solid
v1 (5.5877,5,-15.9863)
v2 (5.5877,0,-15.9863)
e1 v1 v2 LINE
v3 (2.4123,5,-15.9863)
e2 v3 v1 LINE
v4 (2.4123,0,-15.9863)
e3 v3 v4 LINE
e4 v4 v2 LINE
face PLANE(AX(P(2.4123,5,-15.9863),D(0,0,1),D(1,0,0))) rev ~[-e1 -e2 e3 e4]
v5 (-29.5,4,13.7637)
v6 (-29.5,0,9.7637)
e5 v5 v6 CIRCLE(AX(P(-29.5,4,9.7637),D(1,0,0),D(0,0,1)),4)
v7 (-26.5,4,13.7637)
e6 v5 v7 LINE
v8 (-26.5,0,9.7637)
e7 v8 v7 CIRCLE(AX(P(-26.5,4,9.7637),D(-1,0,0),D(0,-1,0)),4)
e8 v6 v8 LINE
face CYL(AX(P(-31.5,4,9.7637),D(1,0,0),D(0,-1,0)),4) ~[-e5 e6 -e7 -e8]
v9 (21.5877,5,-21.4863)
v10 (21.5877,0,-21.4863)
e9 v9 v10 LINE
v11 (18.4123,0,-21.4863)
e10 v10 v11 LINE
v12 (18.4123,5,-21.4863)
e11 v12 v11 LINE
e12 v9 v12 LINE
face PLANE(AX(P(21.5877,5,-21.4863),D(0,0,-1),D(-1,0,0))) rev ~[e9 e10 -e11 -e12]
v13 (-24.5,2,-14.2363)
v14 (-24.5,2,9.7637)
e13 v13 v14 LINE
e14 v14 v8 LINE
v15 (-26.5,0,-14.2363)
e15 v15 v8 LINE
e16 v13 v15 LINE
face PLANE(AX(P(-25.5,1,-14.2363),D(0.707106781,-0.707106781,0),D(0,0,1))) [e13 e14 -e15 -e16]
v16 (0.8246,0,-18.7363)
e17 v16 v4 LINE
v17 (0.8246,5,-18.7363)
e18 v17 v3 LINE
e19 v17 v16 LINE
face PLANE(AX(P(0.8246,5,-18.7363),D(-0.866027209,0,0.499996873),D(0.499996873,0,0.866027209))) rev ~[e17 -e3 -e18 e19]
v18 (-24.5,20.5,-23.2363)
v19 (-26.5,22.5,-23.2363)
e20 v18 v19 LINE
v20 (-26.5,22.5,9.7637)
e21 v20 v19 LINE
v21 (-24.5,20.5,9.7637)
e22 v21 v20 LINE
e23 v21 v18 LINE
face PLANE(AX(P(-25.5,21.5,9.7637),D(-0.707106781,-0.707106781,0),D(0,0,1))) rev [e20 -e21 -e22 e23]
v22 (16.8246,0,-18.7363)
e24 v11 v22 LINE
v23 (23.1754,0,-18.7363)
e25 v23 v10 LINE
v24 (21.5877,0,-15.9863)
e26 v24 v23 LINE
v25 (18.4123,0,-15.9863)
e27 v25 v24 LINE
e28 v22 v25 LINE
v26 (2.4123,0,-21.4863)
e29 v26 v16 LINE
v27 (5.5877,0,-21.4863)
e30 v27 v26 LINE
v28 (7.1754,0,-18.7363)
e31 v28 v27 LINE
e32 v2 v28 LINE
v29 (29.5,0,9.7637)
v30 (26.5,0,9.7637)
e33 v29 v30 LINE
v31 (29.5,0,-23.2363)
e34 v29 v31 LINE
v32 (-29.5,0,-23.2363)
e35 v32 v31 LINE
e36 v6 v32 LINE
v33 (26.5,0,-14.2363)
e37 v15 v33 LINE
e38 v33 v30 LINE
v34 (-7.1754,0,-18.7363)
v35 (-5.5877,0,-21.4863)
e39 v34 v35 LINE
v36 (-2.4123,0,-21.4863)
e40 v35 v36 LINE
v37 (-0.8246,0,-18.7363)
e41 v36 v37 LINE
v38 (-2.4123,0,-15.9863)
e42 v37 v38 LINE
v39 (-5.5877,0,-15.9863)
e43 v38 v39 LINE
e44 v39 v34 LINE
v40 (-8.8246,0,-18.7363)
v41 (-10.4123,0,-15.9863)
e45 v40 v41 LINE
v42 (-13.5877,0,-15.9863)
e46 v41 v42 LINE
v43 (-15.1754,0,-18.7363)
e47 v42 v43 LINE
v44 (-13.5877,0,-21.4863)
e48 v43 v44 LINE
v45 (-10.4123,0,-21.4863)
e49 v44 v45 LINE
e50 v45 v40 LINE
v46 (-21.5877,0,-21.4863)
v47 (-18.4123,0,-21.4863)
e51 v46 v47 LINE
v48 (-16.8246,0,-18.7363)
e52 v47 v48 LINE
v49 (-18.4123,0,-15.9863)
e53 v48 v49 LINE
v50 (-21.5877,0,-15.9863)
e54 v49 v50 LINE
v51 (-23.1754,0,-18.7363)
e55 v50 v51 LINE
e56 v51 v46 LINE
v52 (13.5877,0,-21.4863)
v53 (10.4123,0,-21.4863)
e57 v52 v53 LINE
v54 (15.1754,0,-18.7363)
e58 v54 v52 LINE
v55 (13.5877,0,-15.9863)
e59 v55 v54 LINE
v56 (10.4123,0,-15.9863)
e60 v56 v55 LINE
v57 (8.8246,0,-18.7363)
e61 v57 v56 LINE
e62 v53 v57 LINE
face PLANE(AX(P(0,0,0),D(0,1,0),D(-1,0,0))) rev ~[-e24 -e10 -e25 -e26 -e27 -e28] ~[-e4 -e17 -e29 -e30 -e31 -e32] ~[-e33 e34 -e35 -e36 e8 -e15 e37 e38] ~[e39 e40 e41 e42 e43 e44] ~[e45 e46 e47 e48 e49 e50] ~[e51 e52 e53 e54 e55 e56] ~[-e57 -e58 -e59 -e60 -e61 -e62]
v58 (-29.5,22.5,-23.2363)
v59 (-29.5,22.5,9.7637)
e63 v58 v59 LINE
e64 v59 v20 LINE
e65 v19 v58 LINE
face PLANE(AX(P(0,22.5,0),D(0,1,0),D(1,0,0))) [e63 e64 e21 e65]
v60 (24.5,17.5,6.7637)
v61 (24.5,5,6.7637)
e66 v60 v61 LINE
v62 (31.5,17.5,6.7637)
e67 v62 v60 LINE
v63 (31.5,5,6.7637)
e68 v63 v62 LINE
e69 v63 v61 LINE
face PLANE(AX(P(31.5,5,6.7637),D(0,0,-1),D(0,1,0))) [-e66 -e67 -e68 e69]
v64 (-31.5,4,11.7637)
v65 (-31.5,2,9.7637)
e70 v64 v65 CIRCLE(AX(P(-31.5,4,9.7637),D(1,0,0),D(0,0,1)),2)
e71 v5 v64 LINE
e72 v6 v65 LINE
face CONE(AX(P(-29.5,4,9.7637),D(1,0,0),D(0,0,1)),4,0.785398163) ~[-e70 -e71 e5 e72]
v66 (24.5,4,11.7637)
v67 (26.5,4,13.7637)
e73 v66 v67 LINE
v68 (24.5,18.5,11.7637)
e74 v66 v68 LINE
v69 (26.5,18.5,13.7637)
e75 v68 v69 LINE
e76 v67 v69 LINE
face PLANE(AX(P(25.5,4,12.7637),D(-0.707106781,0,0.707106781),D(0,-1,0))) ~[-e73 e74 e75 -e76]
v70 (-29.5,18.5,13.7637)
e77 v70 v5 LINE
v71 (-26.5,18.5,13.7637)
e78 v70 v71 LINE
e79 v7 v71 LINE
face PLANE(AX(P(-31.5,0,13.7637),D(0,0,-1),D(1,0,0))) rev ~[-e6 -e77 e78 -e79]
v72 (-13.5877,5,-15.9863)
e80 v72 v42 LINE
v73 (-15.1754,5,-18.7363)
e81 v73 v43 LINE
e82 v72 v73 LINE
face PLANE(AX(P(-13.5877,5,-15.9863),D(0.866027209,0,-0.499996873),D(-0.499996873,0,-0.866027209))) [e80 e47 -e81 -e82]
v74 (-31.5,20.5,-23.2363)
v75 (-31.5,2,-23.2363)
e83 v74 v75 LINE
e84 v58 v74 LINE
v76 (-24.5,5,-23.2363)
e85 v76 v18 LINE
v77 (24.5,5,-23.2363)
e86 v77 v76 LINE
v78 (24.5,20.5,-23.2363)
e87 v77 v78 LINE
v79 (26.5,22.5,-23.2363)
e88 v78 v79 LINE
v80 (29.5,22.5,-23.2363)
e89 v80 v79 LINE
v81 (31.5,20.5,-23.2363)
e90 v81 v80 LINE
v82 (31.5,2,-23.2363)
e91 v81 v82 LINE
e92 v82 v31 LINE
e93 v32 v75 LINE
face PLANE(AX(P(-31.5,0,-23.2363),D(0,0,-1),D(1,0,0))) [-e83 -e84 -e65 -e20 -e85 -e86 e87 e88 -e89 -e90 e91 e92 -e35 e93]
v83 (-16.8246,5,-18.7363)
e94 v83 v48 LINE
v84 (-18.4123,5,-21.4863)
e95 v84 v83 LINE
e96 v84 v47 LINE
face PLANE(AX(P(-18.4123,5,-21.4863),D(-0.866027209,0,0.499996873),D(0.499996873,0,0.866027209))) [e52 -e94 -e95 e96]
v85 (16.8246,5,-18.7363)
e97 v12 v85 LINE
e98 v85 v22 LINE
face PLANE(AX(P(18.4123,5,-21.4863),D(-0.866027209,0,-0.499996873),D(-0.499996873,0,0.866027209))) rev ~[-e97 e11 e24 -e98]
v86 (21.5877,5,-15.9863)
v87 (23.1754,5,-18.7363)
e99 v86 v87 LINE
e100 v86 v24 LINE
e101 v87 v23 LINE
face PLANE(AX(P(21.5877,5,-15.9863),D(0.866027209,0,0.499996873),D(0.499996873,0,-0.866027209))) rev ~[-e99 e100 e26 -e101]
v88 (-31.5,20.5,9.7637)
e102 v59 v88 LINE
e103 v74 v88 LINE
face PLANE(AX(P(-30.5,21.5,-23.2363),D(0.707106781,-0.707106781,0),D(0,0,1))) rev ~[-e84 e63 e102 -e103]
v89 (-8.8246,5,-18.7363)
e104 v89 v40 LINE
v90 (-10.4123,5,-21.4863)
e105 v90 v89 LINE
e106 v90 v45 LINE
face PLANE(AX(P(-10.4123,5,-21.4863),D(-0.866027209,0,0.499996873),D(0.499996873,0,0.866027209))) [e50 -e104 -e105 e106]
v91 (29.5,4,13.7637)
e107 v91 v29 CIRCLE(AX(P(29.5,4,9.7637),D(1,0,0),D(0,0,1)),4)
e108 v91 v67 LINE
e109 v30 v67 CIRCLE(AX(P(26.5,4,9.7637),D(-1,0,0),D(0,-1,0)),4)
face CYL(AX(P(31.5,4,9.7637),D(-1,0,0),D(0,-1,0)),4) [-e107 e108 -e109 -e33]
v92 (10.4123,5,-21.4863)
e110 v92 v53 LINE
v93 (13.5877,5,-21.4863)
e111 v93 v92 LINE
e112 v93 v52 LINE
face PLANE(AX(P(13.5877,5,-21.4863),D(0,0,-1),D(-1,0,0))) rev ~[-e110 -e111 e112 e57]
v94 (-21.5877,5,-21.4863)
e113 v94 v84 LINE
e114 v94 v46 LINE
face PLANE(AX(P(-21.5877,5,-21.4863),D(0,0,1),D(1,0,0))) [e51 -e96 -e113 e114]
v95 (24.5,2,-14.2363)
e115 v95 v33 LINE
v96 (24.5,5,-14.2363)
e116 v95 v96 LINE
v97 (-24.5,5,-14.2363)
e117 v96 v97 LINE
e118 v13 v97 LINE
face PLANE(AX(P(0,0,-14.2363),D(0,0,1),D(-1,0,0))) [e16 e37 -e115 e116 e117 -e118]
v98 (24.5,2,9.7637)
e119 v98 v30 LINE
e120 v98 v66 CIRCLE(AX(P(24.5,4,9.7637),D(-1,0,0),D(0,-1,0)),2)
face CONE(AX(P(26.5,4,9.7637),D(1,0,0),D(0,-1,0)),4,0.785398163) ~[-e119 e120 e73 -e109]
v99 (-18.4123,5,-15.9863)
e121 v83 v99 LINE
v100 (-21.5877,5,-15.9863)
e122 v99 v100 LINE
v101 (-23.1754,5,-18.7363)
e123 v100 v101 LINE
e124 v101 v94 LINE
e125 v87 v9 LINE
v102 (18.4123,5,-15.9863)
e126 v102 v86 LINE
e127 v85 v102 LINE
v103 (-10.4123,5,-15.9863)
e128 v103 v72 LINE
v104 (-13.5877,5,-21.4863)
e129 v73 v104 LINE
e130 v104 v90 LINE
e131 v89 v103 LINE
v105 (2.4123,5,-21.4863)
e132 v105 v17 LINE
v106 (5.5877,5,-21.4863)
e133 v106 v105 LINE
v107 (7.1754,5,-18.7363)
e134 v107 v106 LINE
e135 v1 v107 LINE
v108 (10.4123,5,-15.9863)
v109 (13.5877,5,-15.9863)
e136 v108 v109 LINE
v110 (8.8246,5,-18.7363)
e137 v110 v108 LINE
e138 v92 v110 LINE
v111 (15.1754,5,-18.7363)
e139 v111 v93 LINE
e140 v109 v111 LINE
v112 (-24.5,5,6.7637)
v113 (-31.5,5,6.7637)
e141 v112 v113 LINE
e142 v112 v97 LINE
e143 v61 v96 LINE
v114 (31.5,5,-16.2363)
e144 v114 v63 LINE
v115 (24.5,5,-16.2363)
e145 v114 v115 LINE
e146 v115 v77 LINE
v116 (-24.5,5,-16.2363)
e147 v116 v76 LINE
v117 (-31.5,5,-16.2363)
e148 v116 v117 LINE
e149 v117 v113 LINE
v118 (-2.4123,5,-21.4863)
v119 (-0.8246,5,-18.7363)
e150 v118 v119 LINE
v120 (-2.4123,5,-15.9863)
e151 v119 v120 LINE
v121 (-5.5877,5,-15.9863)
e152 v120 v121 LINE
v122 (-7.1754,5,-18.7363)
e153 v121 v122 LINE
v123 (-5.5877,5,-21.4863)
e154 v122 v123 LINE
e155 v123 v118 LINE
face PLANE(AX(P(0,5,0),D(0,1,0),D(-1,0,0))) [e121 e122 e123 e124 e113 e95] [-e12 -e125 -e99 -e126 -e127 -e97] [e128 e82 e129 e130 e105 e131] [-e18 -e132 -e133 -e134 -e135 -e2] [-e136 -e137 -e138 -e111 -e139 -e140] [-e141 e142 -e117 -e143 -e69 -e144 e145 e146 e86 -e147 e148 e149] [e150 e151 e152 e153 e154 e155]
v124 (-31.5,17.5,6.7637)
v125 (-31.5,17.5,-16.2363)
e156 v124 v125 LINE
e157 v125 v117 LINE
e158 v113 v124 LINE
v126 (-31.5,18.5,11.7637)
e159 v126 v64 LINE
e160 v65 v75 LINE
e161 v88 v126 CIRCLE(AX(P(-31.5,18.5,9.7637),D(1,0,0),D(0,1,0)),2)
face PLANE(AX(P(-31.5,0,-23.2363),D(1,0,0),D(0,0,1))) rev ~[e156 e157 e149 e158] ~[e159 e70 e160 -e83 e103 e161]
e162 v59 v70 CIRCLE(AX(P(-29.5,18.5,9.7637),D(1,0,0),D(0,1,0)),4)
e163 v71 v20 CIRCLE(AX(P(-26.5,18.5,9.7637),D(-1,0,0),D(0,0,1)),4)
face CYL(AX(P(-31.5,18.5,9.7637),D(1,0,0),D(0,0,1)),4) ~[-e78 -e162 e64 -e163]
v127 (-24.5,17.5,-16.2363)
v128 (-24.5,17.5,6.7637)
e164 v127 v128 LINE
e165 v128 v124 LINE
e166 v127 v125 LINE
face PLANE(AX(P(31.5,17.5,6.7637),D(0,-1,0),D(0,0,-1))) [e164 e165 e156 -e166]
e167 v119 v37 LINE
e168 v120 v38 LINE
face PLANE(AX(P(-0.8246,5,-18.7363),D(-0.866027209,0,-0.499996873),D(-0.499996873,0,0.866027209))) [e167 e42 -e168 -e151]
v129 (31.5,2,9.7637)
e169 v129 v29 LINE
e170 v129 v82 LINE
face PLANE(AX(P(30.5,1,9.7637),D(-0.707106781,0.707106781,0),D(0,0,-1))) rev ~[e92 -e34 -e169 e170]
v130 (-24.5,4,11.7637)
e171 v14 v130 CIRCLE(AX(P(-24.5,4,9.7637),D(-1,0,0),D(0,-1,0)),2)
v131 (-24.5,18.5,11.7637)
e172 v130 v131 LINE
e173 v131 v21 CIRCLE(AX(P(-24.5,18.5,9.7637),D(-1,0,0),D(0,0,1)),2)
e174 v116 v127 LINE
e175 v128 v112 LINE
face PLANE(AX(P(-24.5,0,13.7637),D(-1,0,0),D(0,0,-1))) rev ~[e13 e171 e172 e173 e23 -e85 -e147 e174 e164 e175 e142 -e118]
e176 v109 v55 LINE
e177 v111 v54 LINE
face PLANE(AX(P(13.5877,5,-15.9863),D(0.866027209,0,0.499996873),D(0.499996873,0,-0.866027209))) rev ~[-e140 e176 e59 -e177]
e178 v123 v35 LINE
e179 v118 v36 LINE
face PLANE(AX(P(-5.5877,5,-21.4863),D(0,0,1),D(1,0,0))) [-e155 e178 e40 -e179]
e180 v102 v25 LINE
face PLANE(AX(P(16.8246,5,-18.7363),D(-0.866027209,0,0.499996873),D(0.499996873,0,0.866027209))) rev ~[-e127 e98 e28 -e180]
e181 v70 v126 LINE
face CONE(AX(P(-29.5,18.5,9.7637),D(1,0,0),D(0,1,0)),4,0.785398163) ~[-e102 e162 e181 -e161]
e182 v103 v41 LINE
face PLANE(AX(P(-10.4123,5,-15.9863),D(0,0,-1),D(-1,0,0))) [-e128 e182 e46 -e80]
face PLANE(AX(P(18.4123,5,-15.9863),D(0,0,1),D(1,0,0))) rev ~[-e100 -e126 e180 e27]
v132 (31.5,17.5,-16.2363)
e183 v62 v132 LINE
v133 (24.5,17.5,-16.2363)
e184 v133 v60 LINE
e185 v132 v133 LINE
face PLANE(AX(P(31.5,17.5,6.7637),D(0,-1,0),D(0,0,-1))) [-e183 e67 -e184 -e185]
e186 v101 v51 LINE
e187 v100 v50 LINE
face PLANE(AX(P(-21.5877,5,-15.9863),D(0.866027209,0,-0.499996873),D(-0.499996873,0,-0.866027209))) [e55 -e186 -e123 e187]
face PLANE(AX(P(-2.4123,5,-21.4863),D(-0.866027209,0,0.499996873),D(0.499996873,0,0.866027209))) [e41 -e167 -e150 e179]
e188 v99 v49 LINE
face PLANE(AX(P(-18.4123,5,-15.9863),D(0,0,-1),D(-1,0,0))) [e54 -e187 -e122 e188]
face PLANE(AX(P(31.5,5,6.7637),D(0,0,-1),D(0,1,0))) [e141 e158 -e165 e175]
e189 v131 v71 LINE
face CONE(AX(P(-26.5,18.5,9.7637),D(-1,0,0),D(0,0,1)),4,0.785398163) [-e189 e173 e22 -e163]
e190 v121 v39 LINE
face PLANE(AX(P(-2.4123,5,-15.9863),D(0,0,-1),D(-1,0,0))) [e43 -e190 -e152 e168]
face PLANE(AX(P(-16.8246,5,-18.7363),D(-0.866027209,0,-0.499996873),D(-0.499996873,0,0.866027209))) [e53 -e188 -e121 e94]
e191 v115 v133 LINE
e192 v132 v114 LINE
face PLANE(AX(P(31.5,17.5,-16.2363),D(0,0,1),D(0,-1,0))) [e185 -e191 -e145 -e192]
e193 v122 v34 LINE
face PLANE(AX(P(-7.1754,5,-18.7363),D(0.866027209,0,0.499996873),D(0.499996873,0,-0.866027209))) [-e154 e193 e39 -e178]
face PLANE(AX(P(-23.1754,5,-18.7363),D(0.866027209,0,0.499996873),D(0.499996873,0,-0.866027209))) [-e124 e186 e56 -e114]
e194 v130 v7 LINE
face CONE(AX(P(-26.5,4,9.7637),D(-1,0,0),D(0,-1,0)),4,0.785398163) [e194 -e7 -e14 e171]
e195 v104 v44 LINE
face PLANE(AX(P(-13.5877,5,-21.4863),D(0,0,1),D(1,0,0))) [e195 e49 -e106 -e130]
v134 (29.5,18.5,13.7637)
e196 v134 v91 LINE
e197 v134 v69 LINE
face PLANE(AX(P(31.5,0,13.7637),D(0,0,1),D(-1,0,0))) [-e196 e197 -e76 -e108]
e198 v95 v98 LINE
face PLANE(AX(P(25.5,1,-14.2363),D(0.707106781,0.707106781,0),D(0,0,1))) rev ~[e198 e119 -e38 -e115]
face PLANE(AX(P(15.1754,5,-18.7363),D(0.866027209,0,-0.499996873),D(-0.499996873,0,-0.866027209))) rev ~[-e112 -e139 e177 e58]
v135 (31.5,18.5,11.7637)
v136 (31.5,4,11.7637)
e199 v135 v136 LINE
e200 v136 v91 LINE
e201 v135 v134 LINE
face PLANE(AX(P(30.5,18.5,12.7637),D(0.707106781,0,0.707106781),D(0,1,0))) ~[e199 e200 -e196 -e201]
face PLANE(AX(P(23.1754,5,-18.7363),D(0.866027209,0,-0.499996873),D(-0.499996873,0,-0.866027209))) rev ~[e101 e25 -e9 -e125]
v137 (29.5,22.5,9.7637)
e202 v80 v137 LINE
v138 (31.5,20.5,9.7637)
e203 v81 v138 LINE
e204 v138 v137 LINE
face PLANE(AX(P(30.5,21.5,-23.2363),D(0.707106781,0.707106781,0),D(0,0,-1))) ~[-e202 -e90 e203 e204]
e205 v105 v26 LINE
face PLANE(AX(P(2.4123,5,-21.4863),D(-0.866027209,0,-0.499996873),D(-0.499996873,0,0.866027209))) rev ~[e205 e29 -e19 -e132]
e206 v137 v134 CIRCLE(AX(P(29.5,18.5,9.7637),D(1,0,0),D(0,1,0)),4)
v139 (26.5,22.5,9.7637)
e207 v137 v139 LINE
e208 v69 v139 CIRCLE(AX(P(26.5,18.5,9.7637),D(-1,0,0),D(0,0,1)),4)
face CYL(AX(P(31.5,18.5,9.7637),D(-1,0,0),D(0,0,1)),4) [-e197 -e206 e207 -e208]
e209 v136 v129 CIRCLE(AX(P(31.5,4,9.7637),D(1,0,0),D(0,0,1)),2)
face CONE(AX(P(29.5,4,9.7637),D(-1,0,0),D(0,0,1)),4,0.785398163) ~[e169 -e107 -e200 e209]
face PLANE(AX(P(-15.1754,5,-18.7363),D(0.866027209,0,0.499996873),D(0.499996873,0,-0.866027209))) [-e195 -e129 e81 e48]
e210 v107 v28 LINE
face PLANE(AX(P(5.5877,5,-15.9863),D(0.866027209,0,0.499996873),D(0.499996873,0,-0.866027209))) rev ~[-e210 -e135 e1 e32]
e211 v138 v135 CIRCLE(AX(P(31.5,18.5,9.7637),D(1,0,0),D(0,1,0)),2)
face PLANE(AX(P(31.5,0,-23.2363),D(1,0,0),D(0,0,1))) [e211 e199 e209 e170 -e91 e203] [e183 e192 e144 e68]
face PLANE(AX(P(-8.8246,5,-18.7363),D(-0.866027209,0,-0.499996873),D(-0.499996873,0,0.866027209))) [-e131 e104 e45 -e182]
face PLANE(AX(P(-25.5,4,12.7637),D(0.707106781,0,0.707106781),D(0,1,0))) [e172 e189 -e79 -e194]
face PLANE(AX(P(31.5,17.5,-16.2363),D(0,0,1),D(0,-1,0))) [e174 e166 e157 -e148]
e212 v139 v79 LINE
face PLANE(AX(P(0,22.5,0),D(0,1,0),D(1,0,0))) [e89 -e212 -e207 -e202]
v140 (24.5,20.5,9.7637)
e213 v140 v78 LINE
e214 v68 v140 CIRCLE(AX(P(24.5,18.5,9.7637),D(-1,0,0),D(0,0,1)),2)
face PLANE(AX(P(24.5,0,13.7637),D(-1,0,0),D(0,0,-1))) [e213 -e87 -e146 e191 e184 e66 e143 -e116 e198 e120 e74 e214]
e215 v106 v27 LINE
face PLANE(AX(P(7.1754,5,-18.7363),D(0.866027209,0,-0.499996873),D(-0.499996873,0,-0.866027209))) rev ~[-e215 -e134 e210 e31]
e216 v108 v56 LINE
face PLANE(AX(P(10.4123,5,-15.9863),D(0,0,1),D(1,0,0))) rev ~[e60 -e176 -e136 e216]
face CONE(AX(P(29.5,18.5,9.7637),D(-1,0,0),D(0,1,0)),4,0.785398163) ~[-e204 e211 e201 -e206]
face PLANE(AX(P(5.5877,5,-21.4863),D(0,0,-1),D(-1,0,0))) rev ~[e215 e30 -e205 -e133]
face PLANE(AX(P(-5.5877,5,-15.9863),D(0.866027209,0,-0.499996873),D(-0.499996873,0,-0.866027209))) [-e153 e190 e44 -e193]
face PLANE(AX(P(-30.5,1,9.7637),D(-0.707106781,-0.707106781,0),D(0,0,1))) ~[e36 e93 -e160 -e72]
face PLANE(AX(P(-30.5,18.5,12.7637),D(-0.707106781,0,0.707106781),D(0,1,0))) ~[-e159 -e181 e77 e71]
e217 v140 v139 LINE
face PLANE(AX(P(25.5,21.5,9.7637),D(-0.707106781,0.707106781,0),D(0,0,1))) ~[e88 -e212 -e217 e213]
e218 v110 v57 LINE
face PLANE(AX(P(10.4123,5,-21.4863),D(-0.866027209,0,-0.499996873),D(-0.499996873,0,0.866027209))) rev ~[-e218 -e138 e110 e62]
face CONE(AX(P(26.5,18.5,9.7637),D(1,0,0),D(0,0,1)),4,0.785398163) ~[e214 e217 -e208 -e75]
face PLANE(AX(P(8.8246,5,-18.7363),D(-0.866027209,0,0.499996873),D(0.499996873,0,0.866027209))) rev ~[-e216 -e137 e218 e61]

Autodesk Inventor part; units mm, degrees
ref_plane "YZ Plane" through (0, 0, 0) normal (1, 0, 0) x (0, 1, 0)
ref_plane "XZ Plane" through (0, 0, 0) normal (0, 1, 0) x (-1, 0, 0)
ref_plane "XY Plane" through (0, 0, 0) normal (0, 0, 1) x (1, 0, 0)
sketch "Boceto1" plane through (0, 0, 0) normal (0, 1, 0) x (-1, 0, 0)
  line L0 (29.505, -15) -> (44.5466, 0) construction
  line L1 (33.6552, -19.1617) -> (29.505, -15) construction
  line L2 (0, 0) -> (0, 6.3504) construction
  line L3 (0, 0) -> (0, -23.2363) construction
  line L4 (0, -14.2363) -> (24.5, -14.2363)
  line L5 (31.5, -23.2363) -> (31.5, 13.7637)
  line L6 (31.5, 13.7637) -> (24.5, 13.7637)
  line L7 (24.5, 13.7637) -> (24.5, -14.2363)
  line L8 (31.5, -23.2363) -> (0, -23.2363)
  line L9 (0, -14.2363) -> (-24.5, -14.2363)
  line L10 (-31.5, -23.2363) -> (-31.5, 13.7637)
  line L11 (-31.5, 13.7637) -> (-24.5, 13.7637)
  line L12 (-24.5, 13.7637) -> (-24.5, -14.2363)
  line L13 (-31.5, -23.2363) -> (0, -23.2363)
  dimension "d70" = 7
  dimension "d71" = 37
  dimension "d86" = 31.5
  dimension "d88" = 9
extrude "Extrusión1" add sketch "Boceto1" along normal blind 5
sketch "Boceto11" plane through (0, 5, 0) normal (0, 1, 0) x (1, 0, 0)
  line L0 (-31.5, -13.7637) -> (-24.5, -13.7637) projected
  line L1 (31.5, 23.2363) -> (-31.5, 23.2363) projected
  line L2 (-31.5, -13.7637) -> (-24.5, -13.7637)
  line L3 (-24.5, -13.7637) -> (-24.5, 23.2363)
  line L4 (-24.5, 23.2363) -> (-31.5, 23.2363)
  line L5 (-31.5, 23.2363) -> (-31.5, -13.7637)
  line L6 (0, 0) -> (0, -8.2135) construction
  line L7 (31.5, -13.7637) -> (24.5, -13.7637)
  line L8 (24.5, -13.7637) -> (24.5, 23.2363)
  line L9 (24.5, 23.2363) -> (31.5, 23.2363)
  line L10 (31.5, 23.2363) -> (31.5, -13.7637)
  point P0 (31.5, 23.2363)
  point P1 (24.5, 23.2363)
extrude "Extrusión7" add sketch "Boceto11" along normal blind 17.5
sketch "Boceto12" plane through (31.5, 0, 13.7637) normal (1, 0, 0) x (0, 0, -1)
  line L0 (7, 17.5) -> (30, 17.5)
  line L1 (30, 17.5) -> (30, 5)
  line L2 (30, 5) -> (7, 5)
  line L3 (7, 5) -> (7, 17.5)
  line L4 (37, 22.5) -> (0, 22.5) projected
  line L5 (18.5, 22.5) -> (18.5, 29.9213) construction
  line L6 (0, 0) -> (0, 22.5) projected
  line L7 (0, 11.25) -> (-3.0724, 11.25) construction
  point P0 (13.7637, 0)
  dimension "d74" = 12.5
  dimension "d75" = 23
extrude "Extrusión8" cut sketch "Boceto12" against normal through all
fillet "Empalme5" radius 4 4 edges at (-28, 0, 13.7637) (-28, 22.5, 13.7637) (28, 0, 13.7637) (28, 22.5, 13.7637)
chamfer "Chaflán3" distance 2 angle 45 20 edges at (31.5, 22.5, -6.7363) (31.5, 21.3284, 12.5921) (31.5, 11.25, 13.7637) (31.5, 1.1716, 12.5921) (31.5, 0, -6.7363) (-31.5, 22.5, -6.7363) (-31.5, 21.3284, 12.5921) (-31.5, 11.25, 13.7637) (-31.5, 1.1716, 12.5921) (-31.5, 0, -6.7363) (-24.5, 22.5, -6.7363) (-24.5, 21.3284, 12.5921) (-24.5, 11.25, 13.7637) (-24.5, 1.1716, 12.5921) (-24.5, 0, -2.2363) (24.5, 22.5, -6.7363) (24.5, 21.3284, 12.5921) (24.5, 11.25, 13.7637) (24.5, 1.1716, 12.5921) (24.5, 0, -2.2363)
sketch "Boceto13" plane through (0, 5, 0) normal (0, 1, 0) x (1, 0, 0)
  line L0 (0, 0) -> (0, -6.0566) construction
  line L1 (-2.4123, 15.9863) -> (-5.5877, 15.9863)
  line L2 (-5.5877, 15.9863) -> (-7.1754, 18.7363)
  line L3 (-7.1754, 18.7363) -> (-5.5877, 21.4863)
  line L4 (-5.5877, 21.4863) -> (-2.4123, 21.4863)
  line L5 (-2.4123, 21.4863) -> (-0.8246, 18.7363)
  line L6 (-0.8246, 18.7363) -> (-2.4123, 15.9863)
  line L7 (24.5, 23.2363) -> (-24.5, 23.2363) projected
  line L8 (-13.5877, 21.4863) -> (-10.4123, 21.4863)
  line L9 (-15.1754, 18.7363) -> (-13.5877, 21.4863)
  line L10 (-13.5877, 15.9863) -> (-15.1754, 18.7363)
  line L11 (-10.4123, 15.9863) -> (-13.5877, 15.9863)
  line L12 (-8.8246, 18.7363) -> (-10.4123, 15.9863)
  line L13 (-10.4123, 21.4863) -> (-8.8246, 18.7363)
  line L14 (-21.5877, 21.4863) -> (-18.4123, 21.4863)
  line L15 (-23.1754, 18.7363) -> (-21.5877, 21.4863)
  line L16 (-21.5877, 15.9863) -> (-23.1754, 18.7363)
  line L17 (-18.4123, 15.9863) -> (-21.5877, 15.9863)
  line L18 (-16.8246, 18.7363) -> (-18.4123, 15.9863)
  line L19 (-18.4123, 21.4863) -> (-16.8246, 18.7363)
  line L20 (2.4123, 15.9863) -> (5.5877, 15.9863)
  line L21 (5.5877, 15.9863) -> (7.1754, 18.7363)
  line L22 (7.1754, 18.7363) -> (5.5877, 21.4863)
  line L23 (5.5877, 21.4863) -> (2.4123, 21.4863)
  line L24 (2.4123, 21.4863) -> (0.8246, 18.7363)
  line L25 (0.8246, 18.7363) -> (2.4123, 15.9863)
  line L26 (13.5877, 21.4863) -> (10.4123, 21.4863)
  line L27 (15.1754, 18.7363) -> (13.5877, 21.4863)
  line L28 (13.5877, 15.9863) -> (15.1754, 18.7363)
  line L29 (10.4123, 15.9863) -> (13.5877, 15.9863)
  line L30 (8.8246, 18.7363) -> (10.4123, 15.9863)
  line L31 (10.4123, 21.4863) -> (8.8246, 18.7363)
  line L32 (21.5877, 21.4863) -> (18.4123, 21.4863)
  line L33 (23.1754, 18.7363) -> (21.5877, 21.4863)
  line L34 (21.5877, 15.9863) -> (23.1754, 18.7363)
  line L35 (18.4123, 15.9863) -> (21.5877, 15.9863)
  line L36 (16.8246, 18.7363) -> (18.4123, 15.9863)
  line L37 (18.4123, 21.4863) -> (16.8246, 18.7363)
  point P0 (-4, 18.7363)
  dimension "d87" = 5.5
  dimension "d89" = 4.5
  dimension "d90" = 4
  dimension "d93" = 8
extrude "Extrusión9" cut sketch "Boceto13" against normal up to surface (5 mm away)
properties part number "Chassis_atras_V4"
